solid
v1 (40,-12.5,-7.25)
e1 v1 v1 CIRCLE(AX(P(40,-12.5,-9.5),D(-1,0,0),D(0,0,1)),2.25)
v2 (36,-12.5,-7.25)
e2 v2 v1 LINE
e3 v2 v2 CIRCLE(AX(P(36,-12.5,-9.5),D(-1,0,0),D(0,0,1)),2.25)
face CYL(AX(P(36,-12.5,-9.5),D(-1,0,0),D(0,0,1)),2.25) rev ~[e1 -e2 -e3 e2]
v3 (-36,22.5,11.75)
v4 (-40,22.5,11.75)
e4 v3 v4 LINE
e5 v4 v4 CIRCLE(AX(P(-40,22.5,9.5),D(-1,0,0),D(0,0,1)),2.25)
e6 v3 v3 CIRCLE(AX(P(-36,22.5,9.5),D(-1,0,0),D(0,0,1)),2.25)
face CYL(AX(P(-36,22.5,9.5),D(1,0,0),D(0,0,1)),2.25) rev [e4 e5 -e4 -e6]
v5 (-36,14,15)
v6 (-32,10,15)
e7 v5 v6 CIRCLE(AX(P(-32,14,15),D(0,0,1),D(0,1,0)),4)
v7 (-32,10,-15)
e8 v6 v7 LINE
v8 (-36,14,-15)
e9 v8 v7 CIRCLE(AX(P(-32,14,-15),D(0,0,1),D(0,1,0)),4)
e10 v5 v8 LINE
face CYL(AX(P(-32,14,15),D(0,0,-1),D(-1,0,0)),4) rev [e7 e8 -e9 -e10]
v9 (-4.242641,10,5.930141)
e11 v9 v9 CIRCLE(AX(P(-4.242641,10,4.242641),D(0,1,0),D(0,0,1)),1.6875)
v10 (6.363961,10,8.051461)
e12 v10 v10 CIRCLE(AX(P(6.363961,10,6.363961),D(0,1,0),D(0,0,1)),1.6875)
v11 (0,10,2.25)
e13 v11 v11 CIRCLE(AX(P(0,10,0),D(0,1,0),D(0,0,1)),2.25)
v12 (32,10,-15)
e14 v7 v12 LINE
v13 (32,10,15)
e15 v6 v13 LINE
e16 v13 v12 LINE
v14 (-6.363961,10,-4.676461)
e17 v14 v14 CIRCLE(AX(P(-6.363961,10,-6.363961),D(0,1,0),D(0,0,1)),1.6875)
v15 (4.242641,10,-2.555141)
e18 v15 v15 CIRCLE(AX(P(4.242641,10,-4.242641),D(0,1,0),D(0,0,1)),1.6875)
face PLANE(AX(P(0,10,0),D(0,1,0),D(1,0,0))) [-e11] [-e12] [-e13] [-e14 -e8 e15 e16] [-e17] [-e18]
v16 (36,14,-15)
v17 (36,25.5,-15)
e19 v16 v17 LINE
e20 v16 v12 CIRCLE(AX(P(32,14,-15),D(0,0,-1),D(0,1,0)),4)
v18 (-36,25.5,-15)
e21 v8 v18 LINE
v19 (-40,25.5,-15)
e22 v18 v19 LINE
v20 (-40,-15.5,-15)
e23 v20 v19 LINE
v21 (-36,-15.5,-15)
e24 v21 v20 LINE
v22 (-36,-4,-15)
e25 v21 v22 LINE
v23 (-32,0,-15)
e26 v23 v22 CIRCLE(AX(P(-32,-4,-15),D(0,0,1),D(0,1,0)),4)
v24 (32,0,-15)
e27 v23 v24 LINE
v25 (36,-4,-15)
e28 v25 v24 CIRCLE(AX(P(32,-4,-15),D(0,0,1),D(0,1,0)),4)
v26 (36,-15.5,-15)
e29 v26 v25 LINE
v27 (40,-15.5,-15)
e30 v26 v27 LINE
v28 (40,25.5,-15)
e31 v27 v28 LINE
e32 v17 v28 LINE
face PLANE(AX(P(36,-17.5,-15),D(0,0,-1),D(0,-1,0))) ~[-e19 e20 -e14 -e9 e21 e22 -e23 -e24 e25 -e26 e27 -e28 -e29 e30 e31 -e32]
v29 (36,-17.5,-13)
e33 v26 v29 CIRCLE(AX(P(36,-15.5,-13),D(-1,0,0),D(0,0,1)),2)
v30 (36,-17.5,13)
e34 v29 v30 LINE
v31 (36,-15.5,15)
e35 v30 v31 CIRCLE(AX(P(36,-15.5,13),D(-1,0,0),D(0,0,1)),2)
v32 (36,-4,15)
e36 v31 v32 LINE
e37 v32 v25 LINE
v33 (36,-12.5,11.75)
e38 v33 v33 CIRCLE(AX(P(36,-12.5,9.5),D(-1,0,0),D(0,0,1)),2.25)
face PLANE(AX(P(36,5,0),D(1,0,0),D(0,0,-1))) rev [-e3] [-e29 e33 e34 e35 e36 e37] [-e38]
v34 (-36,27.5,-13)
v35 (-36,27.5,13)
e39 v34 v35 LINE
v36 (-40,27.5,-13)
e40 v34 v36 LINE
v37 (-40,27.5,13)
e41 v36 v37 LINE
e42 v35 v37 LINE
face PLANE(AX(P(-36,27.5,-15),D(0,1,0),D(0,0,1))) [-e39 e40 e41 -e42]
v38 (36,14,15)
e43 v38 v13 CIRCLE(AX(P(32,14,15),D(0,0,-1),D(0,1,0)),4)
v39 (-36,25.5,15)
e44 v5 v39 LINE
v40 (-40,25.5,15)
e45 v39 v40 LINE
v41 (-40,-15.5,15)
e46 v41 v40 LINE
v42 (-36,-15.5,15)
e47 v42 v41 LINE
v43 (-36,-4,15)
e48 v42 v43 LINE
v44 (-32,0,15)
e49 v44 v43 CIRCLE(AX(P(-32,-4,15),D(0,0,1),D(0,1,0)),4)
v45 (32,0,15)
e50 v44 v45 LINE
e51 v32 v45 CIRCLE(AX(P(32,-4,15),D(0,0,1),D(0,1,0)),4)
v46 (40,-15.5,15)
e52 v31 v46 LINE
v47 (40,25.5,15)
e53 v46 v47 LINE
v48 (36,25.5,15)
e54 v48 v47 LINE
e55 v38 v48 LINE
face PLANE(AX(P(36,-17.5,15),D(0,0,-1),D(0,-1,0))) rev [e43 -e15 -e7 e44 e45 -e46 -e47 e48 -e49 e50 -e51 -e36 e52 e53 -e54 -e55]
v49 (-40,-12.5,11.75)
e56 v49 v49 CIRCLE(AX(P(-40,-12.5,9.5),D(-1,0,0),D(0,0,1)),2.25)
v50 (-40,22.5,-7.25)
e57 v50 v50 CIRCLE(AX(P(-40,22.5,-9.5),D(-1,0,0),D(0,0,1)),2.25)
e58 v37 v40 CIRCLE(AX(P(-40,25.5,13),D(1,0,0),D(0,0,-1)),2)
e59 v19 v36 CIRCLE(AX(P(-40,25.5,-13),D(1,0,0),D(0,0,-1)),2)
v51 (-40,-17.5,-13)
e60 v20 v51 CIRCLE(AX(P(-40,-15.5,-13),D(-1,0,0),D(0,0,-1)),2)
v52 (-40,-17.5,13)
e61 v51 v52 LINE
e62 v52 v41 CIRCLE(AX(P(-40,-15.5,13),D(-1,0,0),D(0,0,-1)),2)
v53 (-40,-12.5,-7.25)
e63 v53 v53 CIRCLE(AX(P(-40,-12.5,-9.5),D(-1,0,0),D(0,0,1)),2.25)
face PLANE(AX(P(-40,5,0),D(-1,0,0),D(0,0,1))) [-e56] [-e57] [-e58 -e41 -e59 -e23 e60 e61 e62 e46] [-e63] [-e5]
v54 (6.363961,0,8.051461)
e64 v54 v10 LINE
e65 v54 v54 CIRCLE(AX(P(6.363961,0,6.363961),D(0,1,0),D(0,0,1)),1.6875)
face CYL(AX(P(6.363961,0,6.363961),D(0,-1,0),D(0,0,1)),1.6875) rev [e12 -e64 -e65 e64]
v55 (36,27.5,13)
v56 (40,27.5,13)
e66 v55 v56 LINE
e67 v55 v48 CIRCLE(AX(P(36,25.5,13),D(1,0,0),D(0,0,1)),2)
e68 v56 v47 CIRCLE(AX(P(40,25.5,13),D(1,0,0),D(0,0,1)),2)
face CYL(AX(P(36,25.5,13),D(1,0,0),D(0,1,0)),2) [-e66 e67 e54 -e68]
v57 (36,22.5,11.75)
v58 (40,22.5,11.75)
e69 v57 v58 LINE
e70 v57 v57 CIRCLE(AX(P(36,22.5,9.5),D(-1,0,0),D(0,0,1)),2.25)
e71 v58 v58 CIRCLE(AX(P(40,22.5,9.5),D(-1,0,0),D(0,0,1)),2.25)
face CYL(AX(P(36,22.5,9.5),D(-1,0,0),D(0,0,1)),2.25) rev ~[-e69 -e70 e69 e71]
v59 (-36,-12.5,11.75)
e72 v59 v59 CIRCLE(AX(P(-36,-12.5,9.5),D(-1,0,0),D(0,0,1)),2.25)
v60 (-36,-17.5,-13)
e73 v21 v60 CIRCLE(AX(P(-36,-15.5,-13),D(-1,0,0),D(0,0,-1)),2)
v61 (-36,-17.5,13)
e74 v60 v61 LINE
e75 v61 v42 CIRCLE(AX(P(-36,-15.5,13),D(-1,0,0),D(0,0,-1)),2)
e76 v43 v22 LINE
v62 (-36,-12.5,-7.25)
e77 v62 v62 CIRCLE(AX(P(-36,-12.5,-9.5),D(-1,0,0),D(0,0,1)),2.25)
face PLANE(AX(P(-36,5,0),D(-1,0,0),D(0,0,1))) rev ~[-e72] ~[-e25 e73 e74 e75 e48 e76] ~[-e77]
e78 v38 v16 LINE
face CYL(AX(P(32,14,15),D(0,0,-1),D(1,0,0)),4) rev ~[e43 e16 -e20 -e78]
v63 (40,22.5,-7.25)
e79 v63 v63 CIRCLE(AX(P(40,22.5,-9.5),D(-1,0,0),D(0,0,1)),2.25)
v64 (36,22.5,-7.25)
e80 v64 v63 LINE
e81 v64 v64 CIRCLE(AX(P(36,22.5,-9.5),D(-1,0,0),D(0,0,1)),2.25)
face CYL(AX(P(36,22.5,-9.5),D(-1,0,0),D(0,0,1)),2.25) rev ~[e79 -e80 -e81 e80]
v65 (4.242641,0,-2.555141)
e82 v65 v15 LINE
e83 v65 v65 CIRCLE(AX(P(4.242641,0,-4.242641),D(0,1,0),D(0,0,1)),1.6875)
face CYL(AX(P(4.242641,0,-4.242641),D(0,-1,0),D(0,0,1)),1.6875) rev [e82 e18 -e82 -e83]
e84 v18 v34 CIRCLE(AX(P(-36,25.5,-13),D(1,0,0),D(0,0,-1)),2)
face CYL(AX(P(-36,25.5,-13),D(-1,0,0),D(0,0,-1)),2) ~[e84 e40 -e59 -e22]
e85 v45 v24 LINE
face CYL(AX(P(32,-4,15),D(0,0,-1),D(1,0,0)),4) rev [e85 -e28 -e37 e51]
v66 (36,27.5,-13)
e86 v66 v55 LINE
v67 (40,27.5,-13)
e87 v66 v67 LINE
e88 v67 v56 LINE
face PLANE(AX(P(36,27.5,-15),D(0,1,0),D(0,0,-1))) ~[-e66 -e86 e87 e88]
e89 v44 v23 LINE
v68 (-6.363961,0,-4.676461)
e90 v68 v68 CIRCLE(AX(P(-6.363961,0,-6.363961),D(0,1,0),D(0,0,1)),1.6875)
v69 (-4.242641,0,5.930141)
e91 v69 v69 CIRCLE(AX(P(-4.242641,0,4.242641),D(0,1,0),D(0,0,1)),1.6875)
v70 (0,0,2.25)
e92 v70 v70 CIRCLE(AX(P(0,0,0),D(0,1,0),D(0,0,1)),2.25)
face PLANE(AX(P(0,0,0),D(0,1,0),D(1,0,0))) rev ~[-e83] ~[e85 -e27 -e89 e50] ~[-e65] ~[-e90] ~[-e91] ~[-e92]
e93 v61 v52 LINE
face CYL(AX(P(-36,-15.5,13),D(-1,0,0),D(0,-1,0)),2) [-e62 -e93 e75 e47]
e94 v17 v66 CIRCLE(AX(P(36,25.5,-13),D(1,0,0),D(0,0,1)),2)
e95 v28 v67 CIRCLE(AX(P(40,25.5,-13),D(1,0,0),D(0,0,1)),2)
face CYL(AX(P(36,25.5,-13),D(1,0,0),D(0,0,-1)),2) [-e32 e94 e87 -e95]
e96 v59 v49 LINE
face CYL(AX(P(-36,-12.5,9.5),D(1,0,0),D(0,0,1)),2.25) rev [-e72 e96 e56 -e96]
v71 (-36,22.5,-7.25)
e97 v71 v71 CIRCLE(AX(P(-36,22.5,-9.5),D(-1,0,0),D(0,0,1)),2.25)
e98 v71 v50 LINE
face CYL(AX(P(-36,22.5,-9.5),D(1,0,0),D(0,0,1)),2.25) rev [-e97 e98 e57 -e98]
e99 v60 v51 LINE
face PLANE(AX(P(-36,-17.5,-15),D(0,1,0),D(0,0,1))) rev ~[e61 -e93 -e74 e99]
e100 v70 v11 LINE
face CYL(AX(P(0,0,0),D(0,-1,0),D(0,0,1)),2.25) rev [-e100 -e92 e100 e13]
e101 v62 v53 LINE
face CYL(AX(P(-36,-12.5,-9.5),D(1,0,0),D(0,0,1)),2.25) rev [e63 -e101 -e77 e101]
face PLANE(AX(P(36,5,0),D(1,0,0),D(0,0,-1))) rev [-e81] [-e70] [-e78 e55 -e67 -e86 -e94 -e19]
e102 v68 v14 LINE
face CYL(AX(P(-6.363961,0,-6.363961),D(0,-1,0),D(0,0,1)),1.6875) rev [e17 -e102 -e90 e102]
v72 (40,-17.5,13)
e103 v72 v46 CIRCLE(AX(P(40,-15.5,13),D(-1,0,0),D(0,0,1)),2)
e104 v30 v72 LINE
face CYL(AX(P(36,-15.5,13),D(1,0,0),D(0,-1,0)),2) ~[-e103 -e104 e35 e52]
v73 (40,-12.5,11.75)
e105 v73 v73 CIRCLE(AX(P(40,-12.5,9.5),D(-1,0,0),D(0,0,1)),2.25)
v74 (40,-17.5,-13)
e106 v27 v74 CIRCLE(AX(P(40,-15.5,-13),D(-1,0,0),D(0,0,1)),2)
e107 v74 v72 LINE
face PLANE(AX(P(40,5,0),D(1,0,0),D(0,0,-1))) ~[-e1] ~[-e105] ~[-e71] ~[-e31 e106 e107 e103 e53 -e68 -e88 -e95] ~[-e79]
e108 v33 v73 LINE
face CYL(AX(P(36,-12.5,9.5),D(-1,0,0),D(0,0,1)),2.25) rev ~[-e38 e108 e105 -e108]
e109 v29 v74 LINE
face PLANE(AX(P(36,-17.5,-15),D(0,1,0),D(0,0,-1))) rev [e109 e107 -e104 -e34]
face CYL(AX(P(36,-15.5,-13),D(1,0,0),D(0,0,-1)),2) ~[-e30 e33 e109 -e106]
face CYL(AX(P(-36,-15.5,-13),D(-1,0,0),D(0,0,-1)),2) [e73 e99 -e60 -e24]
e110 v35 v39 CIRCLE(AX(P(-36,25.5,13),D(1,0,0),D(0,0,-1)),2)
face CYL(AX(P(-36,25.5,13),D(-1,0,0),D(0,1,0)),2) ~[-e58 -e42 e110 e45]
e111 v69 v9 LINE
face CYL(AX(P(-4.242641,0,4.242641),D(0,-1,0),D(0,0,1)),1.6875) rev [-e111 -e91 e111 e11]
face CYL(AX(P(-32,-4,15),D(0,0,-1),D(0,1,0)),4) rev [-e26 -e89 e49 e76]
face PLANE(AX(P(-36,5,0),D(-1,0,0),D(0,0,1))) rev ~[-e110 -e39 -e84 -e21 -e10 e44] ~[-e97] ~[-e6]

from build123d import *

# Parameters (mm, degrees)
SKETCH2_W           = 72
SKETCH2_H           = 30
SKETCH2_R           = 2.25
SKETCH2_R_2         = 1.6875
BOSS_EXTRUDE1_DEPTH = 10
SKETCH3_W           = 30
SKETCH3_H           = 45
SKETCH3_R           = 2.25
BOSS_EXTRUDE2_DEPTH = 4
FILLET1_R           = 4
FILLET2_R           = 2


with BuildPart() as part:
    # Sketch2 → Boss-Extrude1 (new body)
    with BuildSketch(Plane(origin=(0, 0, 0), x_dir=(1, 0, 0), z_dir=(0, 1, 0))):
        Rectangle(SKETCH2_W, SKETCH2_H)
        with Locations(Location((0, 0, 0), (0, 0, 270))):
            Circle(SKETCH2_R, mode=Mode.SUBTRACT)
        with Locations(Location((-6.363961031, 6.363961031, 0), (0, 0, 270))):
            Circle(SKETCH2_R_2, mode=Mode.SUBTRACT)
        with Locations(Location((6.363961031, -6.363961031, 0), (0, 0, 270))):
            Circle(SKETCH2_R_2, mode=Mode.SUBTRACT)
        with Locations(Location((4.242640687, 4.242640687, 0), (0, 0, 270))):
            Circle(SKETCH2_R_2, mode=Mode.SUBTRACT)
        with Locations(Location((-4.242640687, -4.242640687, 0), (0, 0, 270))):
            Circle(SKETCH2_R_2, mode=Mode.SUBTRACT)
    extrude(amount=BOSS_EXTRUDE1_DEPTH)

    # Sketch3 → Boss-Extrude2 (add)
    with BuildSketch(Plane.ZY.offset(36)):
        with Locations((0, 5)):
            Rectangle(SKETCH3_W, SKETCH3_H)
        with Locations((-9.5, 22.5)):
            Circle(SKETCH3_R, mode=Mode.SUBTRACT)
        with Locations((-9.5, -12.5)):
            Circle(SKETCH3_R, mode=Mode.SUBTRACT)
        with Locations((9.5, -12.5)):
            Circle(SKETCH3_R, mode=Mode.SUBTRACT)
        with Locations((9.5, 22.5)):
            Circle(SKETCH3_R, mode=Mode.SUBTRACT)
    boss_extrude2 = extrude(amount=BOSS_EXTRUDE2_DEPTH)

    # Mirror1: Boss-Extrude2 across plane
    add(boss_extrude2.mirror(Plane(origin=(0, 0, 0), x_dir=(0, 0, 1), z_dir=(1, 0, 0))))

    # Fillet1
    fillet1_edges = [part.edges().sort_by_distance(p)[0] for p in [
        (-36, 10, 0),
        (-36, 0, 0),
        (36, 0, 0),
        (36, 10, 0),
    ]]
    fillet(fillet1_edges, radius=FILLET1_R)

    # Fillet2
    fillet2_edges = [part.edges().sort_by_distance(p)[0] for p in [
        (-38, 27.5, 15),
        (-38, 27.5, -15),
        (-38, -17.5, -15),
        (-38, -17.5, 15),
        (38, 27.5, -15),
        (38, 27.5, 15),
        (38, -17.5, 15),
        (38, -17.5, -15),
    ]]
    fillet(fillet2_edges, radius=FILLET2_R)


solid = part.part
